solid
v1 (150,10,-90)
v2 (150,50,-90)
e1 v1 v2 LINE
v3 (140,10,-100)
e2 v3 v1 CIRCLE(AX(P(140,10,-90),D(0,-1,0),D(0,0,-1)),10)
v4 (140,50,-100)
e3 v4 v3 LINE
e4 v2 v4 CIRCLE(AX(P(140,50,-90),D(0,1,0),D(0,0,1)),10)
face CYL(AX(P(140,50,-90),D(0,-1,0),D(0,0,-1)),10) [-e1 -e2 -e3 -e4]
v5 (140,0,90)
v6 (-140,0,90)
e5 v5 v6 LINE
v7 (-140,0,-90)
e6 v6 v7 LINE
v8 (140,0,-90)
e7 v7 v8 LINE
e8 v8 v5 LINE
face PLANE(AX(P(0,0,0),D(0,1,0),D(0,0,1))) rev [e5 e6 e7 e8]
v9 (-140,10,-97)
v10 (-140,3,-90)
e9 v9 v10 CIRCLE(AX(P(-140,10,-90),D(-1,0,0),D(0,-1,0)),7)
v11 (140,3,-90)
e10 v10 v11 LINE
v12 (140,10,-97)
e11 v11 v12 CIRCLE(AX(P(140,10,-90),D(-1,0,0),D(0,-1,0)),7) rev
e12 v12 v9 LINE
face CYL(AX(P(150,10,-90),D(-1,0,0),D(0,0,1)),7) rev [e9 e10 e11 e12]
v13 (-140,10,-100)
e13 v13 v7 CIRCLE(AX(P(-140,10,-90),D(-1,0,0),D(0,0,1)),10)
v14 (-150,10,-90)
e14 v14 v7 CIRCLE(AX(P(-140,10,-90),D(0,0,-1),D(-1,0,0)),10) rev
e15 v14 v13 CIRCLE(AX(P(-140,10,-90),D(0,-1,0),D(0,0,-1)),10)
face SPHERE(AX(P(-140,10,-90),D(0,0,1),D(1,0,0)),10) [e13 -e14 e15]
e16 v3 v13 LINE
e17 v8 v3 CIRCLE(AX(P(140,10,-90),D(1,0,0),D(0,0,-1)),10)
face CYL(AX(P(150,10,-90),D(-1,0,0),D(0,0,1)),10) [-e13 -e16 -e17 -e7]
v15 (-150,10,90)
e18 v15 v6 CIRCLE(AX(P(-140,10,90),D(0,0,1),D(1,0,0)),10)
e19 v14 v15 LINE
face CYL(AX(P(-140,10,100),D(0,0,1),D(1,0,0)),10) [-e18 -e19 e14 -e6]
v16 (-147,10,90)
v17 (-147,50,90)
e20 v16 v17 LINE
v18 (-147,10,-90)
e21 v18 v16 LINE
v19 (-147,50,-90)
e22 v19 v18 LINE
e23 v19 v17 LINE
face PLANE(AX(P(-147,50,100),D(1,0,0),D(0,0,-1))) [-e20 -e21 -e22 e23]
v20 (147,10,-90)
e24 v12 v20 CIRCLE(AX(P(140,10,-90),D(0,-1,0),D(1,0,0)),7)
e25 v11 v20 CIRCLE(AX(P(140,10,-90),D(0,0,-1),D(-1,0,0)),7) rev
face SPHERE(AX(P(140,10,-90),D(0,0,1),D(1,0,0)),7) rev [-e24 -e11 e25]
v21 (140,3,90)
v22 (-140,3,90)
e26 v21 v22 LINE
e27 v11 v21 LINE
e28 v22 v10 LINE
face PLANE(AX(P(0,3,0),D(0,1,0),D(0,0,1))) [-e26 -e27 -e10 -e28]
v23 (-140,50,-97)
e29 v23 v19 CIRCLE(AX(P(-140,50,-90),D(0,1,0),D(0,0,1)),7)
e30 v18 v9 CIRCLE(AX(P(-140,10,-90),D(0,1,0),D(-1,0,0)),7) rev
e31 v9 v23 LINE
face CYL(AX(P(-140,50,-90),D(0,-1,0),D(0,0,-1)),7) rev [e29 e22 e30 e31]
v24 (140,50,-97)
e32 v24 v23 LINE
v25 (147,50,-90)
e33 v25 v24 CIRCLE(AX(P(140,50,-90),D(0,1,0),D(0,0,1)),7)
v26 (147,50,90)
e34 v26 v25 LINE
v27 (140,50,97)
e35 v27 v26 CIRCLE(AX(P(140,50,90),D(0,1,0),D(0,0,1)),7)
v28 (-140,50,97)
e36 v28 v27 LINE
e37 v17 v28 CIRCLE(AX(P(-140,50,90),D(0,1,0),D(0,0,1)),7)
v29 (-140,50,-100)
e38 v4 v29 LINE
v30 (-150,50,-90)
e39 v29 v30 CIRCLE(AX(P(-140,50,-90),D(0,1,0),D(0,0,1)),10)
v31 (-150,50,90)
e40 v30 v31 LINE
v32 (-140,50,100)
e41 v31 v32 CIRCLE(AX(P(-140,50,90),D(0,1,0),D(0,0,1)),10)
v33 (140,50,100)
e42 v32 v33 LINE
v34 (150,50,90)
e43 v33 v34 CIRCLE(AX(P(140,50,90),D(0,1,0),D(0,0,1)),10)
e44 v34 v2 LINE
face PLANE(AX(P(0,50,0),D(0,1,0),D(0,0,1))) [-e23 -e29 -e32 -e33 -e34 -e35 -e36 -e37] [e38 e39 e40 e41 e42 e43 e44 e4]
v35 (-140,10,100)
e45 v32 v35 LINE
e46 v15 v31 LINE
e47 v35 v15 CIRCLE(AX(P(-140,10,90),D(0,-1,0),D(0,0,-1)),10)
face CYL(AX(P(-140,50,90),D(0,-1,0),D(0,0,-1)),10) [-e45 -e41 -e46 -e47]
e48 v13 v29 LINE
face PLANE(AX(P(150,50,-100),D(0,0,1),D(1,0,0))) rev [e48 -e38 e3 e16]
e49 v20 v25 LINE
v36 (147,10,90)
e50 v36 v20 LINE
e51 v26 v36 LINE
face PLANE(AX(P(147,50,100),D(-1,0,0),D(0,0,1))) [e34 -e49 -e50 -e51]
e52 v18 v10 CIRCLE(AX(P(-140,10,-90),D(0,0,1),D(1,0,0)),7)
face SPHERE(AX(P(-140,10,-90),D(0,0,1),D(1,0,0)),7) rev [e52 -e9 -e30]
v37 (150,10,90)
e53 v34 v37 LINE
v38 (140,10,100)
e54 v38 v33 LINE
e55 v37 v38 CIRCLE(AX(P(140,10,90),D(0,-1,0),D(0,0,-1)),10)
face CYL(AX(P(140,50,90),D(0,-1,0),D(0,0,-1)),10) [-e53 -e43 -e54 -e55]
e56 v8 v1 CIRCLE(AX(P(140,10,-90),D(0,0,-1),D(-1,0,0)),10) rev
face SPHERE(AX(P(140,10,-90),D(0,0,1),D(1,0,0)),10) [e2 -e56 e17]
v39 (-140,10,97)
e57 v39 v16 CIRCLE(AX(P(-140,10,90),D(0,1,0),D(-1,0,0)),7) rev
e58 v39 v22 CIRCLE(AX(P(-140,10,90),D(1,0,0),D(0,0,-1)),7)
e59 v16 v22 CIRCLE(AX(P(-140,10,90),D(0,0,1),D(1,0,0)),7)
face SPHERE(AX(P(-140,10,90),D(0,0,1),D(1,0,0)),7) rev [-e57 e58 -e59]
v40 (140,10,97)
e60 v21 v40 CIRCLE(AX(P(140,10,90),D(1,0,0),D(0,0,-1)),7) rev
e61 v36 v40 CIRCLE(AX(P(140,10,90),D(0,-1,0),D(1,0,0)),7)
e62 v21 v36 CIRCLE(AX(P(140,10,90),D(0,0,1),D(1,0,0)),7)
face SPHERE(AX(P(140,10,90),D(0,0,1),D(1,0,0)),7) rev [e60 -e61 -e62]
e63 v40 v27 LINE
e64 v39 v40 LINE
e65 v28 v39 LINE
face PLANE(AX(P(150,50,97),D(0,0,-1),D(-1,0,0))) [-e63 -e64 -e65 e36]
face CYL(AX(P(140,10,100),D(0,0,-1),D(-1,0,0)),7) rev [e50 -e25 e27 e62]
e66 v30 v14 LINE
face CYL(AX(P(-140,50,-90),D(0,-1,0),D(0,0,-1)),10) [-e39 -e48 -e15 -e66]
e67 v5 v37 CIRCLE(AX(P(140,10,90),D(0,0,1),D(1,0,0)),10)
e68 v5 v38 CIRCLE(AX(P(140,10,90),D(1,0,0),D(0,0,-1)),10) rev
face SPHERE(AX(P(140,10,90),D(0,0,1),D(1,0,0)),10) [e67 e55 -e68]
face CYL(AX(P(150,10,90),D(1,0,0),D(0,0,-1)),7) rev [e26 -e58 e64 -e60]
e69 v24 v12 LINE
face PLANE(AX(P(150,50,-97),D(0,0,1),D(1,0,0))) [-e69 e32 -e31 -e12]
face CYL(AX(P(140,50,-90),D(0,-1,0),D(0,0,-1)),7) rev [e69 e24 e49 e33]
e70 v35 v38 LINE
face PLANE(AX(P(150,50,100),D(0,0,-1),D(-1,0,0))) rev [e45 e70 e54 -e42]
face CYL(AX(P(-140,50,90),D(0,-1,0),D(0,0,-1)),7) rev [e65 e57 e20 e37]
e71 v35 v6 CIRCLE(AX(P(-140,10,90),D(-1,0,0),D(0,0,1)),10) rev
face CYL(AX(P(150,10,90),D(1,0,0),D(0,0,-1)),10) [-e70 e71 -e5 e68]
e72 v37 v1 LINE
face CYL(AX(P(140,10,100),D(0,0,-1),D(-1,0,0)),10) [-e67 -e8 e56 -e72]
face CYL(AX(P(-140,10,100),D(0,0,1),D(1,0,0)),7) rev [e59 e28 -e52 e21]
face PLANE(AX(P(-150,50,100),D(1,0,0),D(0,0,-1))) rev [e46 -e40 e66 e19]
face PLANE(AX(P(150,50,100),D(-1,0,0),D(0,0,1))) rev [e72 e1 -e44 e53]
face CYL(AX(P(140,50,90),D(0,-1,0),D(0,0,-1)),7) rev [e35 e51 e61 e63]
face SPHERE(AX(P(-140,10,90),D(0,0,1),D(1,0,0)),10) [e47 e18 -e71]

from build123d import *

# Parameters (mm, degrees)
SKETCH1_W           = 300
SKETCH1_H           = 200
BOSS_EXTRUDE1_DEPTH = 50
FILLET1_R           = 10
SHELL1_T            = -3


with BuildPart() as part:
    # Sketch1 → Boss-Extrude1 (new body)
    with BuildSketch(Plane(origin=(0, 0, 0), x_dir=(1, 0, 0), z_dir=(0, 1, 0))):
        Rectangle(SKETCH1_W, SKETCH1_H)
    extrude(amount=BOSS_EXTRUDE1_DEPTH)

    # Fillet1
    fillet1_edges = [part.edges().sort_by_distance(p)[0] for p in [
        (0, 0, -100),
        (150, 0, 0),
        (0, 0, 100),
        (-150, 0, 0),
        (-150, 25, -100),
        (150, 25, -100),
        (150, 25, 100),
        (-150, 25, 100),
    ]]
    fillet(fillet1_edges, radius=FILLET1_R)

    # Shell1
    shell1_openings = [part.faces().sort_by_distance(p)[0] for p in [
        (0, 50, 0),
    ]]
    offset(amount=SHELL1_T, openings=shell1_openings, kind=Kind.INTERSECTION)


solid = part.part
